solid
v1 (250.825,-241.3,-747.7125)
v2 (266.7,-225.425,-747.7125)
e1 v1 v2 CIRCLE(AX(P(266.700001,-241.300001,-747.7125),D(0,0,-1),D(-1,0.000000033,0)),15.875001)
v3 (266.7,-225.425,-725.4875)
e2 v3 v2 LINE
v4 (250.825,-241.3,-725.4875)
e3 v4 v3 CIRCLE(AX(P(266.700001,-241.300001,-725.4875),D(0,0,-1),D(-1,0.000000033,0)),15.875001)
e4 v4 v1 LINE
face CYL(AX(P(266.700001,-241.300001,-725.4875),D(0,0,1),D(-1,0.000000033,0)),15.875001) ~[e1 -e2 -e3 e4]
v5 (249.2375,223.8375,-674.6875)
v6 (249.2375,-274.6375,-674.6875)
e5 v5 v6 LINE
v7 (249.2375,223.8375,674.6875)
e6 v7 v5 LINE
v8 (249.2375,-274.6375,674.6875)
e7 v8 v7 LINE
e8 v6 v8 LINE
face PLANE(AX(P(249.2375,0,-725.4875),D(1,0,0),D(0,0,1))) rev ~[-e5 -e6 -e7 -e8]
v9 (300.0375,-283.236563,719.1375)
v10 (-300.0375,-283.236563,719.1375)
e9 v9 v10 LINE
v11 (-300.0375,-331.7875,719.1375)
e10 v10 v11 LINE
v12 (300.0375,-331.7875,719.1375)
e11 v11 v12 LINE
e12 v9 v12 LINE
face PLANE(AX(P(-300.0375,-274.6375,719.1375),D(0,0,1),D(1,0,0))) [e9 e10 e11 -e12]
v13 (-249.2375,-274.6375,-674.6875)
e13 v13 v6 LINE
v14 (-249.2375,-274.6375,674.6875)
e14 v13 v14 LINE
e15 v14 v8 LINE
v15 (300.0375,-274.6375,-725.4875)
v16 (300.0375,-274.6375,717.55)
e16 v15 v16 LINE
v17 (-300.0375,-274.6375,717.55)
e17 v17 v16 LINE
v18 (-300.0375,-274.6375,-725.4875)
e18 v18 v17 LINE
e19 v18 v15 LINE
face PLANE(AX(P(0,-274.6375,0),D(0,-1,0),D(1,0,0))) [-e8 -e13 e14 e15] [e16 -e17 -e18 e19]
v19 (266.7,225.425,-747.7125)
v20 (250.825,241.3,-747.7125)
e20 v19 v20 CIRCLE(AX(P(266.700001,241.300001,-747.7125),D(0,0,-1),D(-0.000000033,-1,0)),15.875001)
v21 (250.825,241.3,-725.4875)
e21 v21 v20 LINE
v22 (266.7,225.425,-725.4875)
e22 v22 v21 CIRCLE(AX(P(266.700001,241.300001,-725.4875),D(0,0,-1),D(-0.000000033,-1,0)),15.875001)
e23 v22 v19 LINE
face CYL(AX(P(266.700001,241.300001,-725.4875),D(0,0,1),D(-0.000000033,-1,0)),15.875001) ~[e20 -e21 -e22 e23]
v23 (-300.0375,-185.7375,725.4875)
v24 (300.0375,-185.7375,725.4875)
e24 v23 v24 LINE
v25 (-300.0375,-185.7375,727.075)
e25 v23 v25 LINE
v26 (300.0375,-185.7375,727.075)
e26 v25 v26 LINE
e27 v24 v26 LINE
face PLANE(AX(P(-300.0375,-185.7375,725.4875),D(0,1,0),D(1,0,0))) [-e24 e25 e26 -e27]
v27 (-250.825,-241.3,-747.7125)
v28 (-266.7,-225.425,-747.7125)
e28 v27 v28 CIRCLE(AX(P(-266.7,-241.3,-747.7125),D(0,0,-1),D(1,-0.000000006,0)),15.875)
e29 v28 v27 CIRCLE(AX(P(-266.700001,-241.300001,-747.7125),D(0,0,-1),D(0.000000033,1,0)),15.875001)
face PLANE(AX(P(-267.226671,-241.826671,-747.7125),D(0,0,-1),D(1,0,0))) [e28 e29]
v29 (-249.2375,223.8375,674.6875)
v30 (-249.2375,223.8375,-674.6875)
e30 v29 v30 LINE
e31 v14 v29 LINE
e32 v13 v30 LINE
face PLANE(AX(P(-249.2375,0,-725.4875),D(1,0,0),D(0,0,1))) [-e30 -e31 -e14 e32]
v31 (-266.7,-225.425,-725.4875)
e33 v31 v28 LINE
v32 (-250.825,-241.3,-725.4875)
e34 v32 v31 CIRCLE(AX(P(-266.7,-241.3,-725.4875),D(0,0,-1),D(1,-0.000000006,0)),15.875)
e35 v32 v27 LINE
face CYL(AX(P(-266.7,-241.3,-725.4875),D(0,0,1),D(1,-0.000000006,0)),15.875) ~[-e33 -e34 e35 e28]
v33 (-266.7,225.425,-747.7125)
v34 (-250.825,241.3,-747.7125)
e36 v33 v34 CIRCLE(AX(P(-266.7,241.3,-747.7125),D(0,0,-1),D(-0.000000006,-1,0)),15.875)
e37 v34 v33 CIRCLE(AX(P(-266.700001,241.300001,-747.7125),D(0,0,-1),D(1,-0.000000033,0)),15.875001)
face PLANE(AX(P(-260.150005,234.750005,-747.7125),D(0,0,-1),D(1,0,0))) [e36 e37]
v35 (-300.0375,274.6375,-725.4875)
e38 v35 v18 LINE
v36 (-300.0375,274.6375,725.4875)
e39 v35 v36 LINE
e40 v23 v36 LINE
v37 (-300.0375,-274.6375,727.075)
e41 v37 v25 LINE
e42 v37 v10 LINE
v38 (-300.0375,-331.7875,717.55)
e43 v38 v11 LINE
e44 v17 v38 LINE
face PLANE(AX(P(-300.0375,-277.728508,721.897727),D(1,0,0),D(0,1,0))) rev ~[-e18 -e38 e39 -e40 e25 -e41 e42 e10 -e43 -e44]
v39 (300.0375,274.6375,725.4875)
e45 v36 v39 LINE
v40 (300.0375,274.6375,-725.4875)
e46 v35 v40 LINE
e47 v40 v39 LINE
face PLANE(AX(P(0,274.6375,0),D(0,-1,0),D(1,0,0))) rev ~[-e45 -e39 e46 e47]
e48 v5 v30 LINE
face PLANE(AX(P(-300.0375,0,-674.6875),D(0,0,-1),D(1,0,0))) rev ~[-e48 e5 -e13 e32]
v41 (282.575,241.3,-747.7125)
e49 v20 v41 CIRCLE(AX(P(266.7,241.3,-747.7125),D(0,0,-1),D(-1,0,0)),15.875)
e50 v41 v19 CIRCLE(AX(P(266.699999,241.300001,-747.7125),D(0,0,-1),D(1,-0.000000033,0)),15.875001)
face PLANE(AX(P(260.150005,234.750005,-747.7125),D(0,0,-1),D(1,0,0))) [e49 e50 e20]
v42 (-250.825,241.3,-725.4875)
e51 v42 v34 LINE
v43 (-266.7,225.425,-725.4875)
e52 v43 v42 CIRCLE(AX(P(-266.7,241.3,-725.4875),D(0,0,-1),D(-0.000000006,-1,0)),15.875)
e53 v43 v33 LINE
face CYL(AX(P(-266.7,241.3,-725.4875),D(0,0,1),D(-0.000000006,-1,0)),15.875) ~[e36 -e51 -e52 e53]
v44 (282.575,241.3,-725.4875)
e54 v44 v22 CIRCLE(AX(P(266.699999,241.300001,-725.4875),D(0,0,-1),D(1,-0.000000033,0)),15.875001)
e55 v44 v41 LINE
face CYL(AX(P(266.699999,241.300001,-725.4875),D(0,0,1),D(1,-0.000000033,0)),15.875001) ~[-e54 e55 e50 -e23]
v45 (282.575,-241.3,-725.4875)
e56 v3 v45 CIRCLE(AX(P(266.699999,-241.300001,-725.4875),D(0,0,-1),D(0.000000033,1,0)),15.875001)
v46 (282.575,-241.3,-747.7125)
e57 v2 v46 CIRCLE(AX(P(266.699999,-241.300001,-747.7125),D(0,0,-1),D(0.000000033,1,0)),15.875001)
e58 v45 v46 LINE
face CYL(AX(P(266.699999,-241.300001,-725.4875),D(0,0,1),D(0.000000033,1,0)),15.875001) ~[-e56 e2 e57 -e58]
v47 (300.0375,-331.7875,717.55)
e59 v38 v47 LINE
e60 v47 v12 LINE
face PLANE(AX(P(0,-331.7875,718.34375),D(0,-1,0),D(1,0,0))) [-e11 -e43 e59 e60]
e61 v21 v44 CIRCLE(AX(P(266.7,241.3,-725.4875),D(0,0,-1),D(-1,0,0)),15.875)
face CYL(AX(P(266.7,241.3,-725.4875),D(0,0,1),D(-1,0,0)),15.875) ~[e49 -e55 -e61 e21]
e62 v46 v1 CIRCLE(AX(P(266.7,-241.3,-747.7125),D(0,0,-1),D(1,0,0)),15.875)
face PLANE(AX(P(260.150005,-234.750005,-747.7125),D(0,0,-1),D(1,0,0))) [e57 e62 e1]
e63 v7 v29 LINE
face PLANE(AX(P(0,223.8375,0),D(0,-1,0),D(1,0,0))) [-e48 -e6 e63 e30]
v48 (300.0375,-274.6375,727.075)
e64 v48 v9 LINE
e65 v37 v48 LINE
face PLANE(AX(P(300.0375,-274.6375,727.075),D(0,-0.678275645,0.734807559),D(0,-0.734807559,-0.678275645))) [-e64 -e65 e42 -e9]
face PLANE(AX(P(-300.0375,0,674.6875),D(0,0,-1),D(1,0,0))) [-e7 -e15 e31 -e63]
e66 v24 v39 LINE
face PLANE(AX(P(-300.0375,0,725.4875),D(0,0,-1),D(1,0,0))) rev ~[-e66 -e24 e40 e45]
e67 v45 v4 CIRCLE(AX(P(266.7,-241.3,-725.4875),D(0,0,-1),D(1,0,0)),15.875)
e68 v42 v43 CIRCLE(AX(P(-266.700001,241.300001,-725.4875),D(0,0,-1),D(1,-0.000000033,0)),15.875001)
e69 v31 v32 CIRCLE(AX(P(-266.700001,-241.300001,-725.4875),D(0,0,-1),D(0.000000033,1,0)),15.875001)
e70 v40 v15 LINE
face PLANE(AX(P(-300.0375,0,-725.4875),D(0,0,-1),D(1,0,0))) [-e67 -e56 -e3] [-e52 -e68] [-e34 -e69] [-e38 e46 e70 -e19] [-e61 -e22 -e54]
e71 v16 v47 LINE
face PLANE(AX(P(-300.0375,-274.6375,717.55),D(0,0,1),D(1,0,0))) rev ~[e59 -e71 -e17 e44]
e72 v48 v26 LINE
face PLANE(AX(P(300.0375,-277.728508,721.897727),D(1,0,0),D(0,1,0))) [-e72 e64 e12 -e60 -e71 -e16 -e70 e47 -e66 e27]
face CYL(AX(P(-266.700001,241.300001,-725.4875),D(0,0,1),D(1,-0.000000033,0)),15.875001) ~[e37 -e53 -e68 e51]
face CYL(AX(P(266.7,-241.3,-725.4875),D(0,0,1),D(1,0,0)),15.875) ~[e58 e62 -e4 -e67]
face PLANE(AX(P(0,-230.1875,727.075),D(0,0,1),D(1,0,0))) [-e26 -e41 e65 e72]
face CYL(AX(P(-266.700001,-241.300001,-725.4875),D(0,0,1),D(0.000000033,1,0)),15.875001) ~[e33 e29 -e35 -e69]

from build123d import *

# Parameters (mm, degrees)
F0_W      = 600.075
F0_H      = 1450.975
F1_DEPTH  = 274.6375
F2_T      = -50.8
F4_DEPTH  = 22.225
F5_W      = 600.075
F5_H      = 1.5875
F6_DEPTH  = 57.15
F7_W      = 600.075
F7_H      = 88.9
F8_DEPTH  = 1.5875
F10_DEPTH = 600.075


with BuildPart() as f1:
    # F0 (on Front) → F1 (new body, symmetric)
    with BuildSketch(Plane.XZ):
        Rectangle(F0_W, F0_H)
    extrude(amount=F1_DEPTH, both=True)

    # F2
    f2_openings = [f1.faces().sort_by_distance(p)[0] for p in [
        (0, -274.6375, 0),
    ]]
    offset(amount=F2_T, openings=f2_openings)

    # F3 (on face) → F4 (join)
    with BuildSketch(Plane(origin=(0, 0, -725.4875), x_dir=(1, 0, 0), z_dir=(0, 0, -1))):
        with BuildLine():
            ThreePointArc((-250.825, 241.3), (-277.92532, 252.52532), (-266.7, 225.425))
            Line((-266.7, 225.425), (-266.7, 241.3))
            Line((-266.7, 241.3), (-250.825, 241.3))
        make_face()
        with BuildLine():
            Line((-266.7, 241.3), (-266.7, 225.425))
            ThreePointArc((-266.7, 225.425), (-255.47468, 230.07468), (-250.825, 241.3))
            Line((-250.825, 241.3), (-266.7, 241.3))
        make_face()
        with BuildLine():
            ThreePointArc((250.825, 241.3), (255.47468, 230.07468), (266.7, 225.425))
            Line((266.7, 225.425), (266.7, 241.3))
            Line((266.7, 241.3), (250.825, 241.3))
        make_face()
        with BuildLine():
            Line((266.7, 241.3), (266.7, 225.425))
            ThreePointArc((266.7, 225.425), (277.92532, 230.07468), (282.575, 241.3))
            ThreePointArc((282.575, 241.3), (266.7, 257.175), (250.825, 241.3))
            Line((250.825, 241.3), (266.7, 241.3))
        make_face()
        with BuildLine():
            ThreePointArc((266.7, -225.425), (255.47468, -230.07468), (250.825, -241.3))
            Line((250.825, -241.3), (266.7, -241.3))
            Line((266.7, -241.3), (266.7, -225.425))
        make_face()
        with BuildLine():
            Line((266.7, -241.3), (250.825, -241.3))
            ThreePointArc((250.825, -241.3), (266.7, -257.175), (282.575, -241.3))
            ThreePointArc((282.575, -241.3), (277.92532, -230.07468), (266.7, -225.425))
            Line((266.7, -225.425), (266.7, -241.3))
        make_face()
        with BuildLine():
            Line((-266.7, -241.3), (-250.825, -241.3))
            ThreePointArc((-250.825, -241.3), (-255.47468, -230.07468), (-266.7, -225.425))
            Line((-266.7, -225.425), (-266.7, -241.3))
        make_face()
        with BuildLine():
            ThreePointArc((-266.7, -225.425), (-277.92532, -252.52532), (-250.825, -241.3))
            Line((-250.825, -241.3), (-266.7, -241.3))
            Line((-266.7, -241.3), (-266.7, -225.425))
        make_face()
    extrude(amount=F4_DEPTH)

    # F5 (on face) → F6 (join)
    with BuildSketch(Plane.XZ.offset(274.6375)):
        with Locations((0, 718.34375)):
            Rectangle(F5_W, F5_H)
    extrude(amount=F6_DEPTH)

    # F7 (on face) → F8 (join)
    with BuildSketch(Plane.XY.offset(725.4875)):
        with Locations((0, -230.1875)):
            Rectangle(F7_W, F7_H)
    extrude(amount=F8_DEPTH)

    # F9 (on face) → F10 (join)
    with BuildSketch(Plane.YZ.offset(300.0375)):
        Polygon((-274.6375, 719.1375), (-274.6375, 727.075), (-283.236563, 719.1375), align=None)
    extrude(amount=-F10_DEPTH)


solid = f1.part
